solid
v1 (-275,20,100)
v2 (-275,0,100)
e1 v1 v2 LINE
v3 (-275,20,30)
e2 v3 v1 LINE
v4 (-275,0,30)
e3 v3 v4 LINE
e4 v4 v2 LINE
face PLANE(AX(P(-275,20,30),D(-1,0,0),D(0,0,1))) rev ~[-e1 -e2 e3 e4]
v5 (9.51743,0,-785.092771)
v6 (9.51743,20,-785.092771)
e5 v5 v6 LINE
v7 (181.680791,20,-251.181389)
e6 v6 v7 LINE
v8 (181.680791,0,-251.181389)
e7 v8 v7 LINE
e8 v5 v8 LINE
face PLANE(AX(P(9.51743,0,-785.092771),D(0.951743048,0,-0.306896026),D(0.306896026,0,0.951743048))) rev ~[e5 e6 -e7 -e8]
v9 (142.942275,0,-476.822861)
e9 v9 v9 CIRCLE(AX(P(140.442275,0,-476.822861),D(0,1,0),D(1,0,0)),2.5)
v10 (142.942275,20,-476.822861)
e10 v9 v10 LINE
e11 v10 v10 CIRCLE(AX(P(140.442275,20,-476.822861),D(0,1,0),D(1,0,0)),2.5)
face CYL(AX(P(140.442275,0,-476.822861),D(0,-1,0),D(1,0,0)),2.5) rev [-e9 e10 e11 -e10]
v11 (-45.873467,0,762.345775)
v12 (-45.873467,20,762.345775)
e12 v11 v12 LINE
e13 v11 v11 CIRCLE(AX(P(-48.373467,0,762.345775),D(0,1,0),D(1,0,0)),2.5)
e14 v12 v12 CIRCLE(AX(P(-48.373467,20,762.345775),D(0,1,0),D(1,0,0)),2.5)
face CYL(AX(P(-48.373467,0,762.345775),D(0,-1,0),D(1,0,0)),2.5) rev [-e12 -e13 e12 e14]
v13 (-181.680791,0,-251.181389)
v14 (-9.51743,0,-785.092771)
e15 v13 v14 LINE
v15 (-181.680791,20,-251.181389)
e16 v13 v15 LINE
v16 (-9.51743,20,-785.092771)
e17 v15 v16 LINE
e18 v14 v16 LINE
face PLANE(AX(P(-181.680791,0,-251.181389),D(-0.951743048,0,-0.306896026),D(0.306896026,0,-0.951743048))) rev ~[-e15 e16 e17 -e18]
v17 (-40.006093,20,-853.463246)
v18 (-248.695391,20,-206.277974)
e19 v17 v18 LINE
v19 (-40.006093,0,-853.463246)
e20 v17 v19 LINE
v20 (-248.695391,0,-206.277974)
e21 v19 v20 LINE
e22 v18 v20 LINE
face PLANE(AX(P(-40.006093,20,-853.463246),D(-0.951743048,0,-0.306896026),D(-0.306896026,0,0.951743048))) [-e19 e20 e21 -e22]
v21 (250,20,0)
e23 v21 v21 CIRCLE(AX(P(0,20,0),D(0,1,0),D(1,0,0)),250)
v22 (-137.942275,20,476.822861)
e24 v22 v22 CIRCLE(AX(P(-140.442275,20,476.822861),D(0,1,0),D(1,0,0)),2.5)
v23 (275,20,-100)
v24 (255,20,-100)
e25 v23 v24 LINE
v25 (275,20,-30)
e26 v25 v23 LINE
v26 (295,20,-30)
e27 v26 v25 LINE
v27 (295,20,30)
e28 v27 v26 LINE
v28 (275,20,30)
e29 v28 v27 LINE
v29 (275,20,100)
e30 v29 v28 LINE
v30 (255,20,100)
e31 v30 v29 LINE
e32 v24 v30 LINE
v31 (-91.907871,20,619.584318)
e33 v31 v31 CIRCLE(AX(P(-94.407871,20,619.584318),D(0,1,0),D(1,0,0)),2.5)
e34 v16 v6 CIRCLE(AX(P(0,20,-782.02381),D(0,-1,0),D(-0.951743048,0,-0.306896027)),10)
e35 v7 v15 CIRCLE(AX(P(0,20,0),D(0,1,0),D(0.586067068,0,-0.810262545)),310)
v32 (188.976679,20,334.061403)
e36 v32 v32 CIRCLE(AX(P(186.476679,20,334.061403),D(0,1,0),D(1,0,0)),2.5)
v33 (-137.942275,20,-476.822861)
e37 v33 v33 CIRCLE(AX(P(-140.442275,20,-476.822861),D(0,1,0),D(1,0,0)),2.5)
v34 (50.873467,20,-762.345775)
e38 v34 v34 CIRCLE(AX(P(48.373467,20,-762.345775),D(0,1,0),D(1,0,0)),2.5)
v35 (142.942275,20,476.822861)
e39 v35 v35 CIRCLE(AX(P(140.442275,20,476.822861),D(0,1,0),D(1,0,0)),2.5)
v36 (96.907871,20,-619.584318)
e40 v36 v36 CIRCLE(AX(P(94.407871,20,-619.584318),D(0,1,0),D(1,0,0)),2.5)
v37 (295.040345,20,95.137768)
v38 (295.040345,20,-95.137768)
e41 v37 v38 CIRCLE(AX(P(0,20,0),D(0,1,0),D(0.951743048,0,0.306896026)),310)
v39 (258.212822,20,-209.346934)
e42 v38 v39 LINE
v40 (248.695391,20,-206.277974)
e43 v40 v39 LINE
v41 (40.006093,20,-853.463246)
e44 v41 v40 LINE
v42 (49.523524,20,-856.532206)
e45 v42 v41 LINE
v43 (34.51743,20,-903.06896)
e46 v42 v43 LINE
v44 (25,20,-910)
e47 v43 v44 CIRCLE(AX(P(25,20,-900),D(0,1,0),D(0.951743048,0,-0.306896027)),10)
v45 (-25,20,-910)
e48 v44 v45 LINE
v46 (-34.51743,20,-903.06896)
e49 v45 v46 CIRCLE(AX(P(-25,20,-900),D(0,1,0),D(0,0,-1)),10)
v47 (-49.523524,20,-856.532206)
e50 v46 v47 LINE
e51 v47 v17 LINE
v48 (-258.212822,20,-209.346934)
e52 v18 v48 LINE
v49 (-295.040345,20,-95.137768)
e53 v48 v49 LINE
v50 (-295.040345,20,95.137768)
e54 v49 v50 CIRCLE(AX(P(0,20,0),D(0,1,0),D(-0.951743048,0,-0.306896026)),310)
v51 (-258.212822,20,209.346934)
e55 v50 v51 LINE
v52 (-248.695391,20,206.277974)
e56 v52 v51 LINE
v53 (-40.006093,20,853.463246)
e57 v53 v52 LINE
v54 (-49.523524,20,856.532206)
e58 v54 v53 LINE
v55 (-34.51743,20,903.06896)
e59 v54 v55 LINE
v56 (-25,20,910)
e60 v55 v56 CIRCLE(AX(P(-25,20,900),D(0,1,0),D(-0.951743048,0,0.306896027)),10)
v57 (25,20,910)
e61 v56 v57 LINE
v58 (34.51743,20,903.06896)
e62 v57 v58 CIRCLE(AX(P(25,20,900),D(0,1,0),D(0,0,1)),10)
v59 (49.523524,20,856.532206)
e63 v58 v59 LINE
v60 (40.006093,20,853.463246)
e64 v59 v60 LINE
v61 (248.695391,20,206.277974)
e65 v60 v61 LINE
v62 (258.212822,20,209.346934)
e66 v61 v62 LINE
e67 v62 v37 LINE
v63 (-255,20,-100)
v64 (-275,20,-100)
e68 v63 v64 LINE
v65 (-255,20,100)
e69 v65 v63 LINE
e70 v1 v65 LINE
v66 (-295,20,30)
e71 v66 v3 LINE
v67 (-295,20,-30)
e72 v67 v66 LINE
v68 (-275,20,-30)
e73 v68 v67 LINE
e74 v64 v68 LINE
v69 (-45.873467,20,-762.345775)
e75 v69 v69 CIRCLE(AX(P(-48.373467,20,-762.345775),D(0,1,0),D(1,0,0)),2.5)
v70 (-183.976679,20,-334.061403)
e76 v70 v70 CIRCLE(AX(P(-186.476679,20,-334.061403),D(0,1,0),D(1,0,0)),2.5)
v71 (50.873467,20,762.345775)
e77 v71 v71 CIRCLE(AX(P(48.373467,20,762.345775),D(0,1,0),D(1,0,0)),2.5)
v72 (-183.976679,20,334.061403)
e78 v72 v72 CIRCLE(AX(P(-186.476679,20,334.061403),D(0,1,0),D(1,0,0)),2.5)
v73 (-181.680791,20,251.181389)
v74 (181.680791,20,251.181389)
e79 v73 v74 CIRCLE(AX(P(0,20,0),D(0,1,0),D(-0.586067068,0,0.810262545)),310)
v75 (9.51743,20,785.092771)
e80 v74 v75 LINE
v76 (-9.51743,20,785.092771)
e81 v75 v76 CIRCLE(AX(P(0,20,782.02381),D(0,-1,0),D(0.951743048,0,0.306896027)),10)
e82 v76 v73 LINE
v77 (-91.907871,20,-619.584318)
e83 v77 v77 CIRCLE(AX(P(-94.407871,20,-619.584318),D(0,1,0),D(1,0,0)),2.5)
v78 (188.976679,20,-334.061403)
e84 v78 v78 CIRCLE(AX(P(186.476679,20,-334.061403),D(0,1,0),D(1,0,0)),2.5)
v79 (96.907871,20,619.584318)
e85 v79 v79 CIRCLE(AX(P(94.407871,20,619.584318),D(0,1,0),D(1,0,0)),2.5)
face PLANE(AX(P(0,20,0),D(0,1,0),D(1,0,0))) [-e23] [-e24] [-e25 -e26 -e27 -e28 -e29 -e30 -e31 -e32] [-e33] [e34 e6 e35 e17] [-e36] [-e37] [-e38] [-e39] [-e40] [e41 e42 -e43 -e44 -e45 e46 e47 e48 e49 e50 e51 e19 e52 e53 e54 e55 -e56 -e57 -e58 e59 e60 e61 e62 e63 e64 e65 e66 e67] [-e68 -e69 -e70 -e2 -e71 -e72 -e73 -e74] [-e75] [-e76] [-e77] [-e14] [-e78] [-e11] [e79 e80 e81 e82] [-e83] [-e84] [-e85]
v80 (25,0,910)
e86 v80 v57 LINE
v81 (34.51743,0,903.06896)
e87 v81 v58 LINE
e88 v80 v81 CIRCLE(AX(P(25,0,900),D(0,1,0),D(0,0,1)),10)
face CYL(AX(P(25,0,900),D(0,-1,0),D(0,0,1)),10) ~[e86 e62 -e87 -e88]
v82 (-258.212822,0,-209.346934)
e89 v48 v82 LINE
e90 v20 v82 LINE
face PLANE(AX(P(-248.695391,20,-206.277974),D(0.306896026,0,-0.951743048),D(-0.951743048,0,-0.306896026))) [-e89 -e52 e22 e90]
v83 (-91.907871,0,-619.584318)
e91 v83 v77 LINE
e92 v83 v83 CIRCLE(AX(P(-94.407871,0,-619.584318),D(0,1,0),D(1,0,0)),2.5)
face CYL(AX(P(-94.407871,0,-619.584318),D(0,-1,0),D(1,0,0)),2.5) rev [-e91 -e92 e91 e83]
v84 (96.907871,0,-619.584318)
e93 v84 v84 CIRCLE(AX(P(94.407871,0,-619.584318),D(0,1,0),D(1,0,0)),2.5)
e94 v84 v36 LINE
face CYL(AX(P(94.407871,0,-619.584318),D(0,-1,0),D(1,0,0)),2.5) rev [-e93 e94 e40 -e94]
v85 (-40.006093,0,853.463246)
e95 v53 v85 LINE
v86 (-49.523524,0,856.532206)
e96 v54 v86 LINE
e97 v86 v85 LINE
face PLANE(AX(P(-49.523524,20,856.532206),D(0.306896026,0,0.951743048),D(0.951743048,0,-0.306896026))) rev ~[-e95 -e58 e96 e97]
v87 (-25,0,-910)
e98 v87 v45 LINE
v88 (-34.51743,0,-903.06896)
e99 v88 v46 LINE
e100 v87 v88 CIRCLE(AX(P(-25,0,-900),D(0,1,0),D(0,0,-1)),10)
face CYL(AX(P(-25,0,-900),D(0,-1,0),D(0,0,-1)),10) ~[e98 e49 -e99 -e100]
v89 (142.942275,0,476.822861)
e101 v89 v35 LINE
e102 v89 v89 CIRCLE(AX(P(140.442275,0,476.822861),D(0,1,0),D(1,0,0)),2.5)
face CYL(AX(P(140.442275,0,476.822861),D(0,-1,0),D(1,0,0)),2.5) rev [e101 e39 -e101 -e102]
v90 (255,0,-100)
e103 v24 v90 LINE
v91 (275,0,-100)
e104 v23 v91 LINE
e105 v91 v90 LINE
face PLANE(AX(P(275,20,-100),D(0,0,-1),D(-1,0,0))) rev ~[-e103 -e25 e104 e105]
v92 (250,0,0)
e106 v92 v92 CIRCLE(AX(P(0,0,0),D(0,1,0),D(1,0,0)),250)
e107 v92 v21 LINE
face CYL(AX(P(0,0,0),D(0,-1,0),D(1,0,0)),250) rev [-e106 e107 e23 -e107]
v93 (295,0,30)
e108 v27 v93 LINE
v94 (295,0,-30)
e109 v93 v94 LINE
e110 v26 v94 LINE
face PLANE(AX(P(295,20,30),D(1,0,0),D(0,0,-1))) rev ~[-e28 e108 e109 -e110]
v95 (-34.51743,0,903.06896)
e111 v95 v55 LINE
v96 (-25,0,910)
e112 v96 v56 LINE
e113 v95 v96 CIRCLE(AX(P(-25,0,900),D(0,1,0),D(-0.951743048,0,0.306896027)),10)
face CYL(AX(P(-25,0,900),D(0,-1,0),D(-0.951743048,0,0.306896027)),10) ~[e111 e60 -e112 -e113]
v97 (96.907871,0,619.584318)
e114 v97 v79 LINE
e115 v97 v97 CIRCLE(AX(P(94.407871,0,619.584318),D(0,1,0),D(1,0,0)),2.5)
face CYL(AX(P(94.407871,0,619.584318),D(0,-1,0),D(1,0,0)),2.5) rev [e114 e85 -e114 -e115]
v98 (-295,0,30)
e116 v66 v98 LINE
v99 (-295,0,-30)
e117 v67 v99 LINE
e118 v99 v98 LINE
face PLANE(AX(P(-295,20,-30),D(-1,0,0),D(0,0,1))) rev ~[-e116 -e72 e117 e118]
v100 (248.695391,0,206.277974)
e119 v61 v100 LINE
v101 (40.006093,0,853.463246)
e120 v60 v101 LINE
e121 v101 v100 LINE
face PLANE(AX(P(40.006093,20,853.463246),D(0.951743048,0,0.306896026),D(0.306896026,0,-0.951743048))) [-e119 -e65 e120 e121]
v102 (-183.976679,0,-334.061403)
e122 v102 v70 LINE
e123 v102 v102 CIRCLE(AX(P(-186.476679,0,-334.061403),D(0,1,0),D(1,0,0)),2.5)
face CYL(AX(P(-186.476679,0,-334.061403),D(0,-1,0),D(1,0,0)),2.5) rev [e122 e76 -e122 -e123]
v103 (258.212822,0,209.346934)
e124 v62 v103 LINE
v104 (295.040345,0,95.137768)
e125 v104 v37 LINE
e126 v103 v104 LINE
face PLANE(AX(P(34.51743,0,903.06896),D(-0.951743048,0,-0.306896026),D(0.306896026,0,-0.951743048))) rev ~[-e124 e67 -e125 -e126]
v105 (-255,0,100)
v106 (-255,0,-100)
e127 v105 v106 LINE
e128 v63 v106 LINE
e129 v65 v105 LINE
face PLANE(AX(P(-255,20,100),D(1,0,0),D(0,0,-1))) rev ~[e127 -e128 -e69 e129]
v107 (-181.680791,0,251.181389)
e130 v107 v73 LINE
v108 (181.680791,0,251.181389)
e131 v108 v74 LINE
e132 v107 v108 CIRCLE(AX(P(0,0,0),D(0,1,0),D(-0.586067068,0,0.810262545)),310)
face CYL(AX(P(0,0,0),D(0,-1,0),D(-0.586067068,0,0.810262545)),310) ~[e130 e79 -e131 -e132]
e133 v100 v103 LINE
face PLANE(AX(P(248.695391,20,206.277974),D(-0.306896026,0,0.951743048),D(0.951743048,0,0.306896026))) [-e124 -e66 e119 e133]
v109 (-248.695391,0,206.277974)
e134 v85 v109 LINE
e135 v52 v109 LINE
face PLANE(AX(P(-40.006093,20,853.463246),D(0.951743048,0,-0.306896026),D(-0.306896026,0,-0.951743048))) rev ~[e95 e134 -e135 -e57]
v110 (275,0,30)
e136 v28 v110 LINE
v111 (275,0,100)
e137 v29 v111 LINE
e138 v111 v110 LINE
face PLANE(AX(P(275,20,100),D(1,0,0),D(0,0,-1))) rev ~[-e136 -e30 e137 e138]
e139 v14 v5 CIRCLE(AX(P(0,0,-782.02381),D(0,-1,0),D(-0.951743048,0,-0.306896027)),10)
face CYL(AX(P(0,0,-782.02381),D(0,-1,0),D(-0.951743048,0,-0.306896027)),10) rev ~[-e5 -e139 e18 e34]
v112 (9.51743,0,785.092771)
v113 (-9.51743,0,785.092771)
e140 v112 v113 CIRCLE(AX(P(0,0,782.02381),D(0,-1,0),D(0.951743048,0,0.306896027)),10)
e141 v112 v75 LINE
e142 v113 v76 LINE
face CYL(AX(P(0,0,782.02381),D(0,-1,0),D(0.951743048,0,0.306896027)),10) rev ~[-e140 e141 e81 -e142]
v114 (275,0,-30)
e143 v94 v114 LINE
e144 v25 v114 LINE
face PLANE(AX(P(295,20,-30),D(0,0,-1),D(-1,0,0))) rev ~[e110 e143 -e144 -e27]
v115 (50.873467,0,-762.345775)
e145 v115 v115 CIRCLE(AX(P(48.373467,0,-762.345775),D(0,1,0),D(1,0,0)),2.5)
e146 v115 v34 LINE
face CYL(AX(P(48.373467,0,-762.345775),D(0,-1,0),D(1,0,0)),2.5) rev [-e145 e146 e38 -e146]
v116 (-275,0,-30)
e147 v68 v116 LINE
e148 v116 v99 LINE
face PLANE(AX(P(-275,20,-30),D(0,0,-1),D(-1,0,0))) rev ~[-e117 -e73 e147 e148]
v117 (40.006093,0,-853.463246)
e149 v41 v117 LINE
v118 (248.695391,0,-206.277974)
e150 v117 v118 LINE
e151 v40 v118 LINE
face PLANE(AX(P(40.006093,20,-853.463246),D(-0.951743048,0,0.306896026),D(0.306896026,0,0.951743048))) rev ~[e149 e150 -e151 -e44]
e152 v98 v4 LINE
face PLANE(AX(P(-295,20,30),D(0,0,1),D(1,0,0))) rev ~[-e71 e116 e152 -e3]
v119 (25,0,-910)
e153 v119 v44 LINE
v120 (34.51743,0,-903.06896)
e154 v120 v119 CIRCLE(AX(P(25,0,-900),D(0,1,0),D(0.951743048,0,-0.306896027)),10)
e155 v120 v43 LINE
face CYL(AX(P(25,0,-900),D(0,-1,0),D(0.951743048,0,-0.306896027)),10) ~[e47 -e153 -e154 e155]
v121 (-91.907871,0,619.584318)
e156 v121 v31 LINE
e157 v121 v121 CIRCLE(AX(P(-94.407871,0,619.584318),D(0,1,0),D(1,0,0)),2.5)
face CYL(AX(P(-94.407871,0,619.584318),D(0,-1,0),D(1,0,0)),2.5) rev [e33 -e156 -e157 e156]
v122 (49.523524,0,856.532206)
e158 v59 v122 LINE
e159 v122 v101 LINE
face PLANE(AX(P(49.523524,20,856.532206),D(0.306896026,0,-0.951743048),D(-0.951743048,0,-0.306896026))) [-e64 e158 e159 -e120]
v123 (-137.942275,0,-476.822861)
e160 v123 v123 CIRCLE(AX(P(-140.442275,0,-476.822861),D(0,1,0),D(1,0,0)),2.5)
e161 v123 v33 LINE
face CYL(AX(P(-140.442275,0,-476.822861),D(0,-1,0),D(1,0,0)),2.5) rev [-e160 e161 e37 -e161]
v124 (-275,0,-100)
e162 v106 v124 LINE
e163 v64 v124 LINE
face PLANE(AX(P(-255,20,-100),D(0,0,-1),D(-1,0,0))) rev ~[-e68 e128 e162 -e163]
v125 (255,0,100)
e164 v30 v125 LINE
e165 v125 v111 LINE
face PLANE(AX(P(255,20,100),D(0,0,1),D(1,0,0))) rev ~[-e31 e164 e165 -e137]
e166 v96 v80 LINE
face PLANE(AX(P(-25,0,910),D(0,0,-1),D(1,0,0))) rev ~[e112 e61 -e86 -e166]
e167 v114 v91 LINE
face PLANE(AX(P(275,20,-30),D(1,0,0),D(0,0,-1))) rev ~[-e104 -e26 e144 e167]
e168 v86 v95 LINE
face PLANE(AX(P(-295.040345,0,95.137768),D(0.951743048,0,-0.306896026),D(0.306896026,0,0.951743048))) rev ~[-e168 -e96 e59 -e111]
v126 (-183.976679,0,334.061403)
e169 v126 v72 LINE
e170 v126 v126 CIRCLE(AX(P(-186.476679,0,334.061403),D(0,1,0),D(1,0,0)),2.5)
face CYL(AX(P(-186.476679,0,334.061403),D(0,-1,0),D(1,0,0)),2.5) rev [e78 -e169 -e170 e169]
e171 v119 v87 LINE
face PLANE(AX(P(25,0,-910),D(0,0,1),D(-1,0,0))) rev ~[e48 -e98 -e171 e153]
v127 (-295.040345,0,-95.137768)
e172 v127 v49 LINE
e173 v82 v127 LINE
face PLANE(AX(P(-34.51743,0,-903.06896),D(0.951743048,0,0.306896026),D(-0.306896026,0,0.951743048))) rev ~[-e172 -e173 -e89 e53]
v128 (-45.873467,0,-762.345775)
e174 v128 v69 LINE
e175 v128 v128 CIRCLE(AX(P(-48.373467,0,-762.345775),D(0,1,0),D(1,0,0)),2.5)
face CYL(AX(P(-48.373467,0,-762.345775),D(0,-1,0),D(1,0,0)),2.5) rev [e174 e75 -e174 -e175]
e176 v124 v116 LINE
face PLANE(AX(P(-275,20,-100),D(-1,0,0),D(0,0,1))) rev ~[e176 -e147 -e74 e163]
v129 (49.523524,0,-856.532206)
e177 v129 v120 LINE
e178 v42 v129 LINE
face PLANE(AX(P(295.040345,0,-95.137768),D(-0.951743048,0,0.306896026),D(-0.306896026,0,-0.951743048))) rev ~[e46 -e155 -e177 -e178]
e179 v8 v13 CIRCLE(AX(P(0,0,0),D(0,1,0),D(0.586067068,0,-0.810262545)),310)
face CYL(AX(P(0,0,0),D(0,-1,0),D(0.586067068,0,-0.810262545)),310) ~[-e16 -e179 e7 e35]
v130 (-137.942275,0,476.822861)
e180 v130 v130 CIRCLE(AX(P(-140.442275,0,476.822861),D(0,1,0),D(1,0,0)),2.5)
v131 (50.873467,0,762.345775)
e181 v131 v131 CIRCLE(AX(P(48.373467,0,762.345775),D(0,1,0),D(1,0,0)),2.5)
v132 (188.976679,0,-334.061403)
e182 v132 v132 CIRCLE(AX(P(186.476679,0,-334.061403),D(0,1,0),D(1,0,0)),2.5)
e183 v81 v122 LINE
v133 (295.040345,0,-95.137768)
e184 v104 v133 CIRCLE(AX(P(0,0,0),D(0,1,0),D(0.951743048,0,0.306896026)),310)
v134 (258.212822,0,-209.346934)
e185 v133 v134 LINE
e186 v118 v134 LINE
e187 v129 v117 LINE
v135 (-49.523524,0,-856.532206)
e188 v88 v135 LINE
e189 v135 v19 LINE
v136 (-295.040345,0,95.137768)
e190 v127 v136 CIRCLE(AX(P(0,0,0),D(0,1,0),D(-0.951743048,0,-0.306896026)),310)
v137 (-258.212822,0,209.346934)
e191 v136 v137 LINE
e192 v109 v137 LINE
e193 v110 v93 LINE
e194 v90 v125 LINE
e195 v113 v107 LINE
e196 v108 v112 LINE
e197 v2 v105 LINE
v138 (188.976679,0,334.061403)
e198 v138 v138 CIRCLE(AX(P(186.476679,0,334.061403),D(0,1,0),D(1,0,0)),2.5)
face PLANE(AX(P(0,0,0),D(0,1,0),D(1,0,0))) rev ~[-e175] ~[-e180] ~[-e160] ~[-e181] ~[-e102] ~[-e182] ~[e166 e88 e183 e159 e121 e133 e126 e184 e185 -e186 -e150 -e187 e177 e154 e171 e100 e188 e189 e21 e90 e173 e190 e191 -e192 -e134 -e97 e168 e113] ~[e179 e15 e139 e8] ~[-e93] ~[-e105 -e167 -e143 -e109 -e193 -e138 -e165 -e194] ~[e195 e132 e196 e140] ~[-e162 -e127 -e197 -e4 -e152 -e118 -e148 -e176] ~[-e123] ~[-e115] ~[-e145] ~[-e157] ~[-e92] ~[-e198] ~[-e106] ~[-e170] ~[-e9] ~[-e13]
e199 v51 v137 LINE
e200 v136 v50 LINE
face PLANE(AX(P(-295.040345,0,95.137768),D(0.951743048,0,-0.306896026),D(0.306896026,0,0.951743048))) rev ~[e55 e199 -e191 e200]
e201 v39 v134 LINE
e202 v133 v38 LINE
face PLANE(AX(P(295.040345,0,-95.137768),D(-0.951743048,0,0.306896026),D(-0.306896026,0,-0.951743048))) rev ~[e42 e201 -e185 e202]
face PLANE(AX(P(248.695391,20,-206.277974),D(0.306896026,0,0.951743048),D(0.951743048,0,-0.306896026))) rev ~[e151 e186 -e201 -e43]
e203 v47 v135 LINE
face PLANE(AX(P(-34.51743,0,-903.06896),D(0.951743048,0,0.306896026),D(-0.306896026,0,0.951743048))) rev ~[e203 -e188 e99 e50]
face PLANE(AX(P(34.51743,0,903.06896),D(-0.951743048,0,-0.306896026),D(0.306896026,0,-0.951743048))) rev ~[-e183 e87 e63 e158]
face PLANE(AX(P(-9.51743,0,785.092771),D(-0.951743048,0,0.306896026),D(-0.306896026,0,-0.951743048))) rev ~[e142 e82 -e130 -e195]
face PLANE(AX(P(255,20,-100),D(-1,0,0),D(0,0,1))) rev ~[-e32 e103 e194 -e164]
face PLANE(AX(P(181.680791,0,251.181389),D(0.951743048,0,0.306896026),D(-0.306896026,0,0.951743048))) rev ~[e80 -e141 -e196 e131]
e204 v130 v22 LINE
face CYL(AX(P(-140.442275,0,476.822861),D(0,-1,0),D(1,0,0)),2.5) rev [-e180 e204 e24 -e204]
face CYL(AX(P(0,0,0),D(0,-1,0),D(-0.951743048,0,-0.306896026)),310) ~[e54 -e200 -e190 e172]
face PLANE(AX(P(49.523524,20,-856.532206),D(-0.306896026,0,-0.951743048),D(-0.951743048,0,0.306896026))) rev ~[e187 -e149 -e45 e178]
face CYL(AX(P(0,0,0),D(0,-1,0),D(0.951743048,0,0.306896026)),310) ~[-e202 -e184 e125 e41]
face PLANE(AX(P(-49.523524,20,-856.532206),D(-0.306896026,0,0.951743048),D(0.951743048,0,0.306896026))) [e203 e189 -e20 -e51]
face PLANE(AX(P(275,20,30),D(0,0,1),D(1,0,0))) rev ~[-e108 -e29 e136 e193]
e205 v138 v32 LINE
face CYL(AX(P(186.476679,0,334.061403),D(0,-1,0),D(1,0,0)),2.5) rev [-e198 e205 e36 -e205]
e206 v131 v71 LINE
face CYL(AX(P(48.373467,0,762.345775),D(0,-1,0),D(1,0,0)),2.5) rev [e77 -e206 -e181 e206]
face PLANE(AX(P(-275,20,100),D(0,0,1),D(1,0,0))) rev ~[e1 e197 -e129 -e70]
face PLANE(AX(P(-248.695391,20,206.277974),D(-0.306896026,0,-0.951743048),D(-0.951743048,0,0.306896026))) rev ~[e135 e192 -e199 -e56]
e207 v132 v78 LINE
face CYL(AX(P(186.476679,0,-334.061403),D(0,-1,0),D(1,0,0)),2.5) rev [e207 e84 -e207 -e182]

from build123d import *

# Parameters (mm, degrees)
SKETCH2_R           = 2.5
SKETCH2_R_2         = 250
BOSS_EXTRUDE1_DEPTH = 20
CUT_EXTRUDE4_DEPTH  = 21
CUT_EXTRUDE5_DEPTH  = 21


with BuildPart() as part:
    # Sketch2 → Boss-Extrude1 (new body)
    with BuildSketch(Plane(origin=(0, 0, 0), x_dir=(1, 0, 0), z_dir=(0, 1, 0))):
        with BuildLine():
            Line((-34.517430478, 903.068960265), (-295.040344804, 95.1377682))
            ThreePointArc((-295.040344804, 95.1377682), (-310, 0), (-295.040344804, -95.1377682))
            Line((-295.040344804, -95.1377682), (-34.517430478, -903.068960265))
            ThreePointArc((-34.517430478, -903.068960265), (-30.886866626, -908.083613135), (-25, -910))
            Line((-25, -910), (25, -910))
            ThreePointArc((25, -910), (30.886866626, -908.083613135), (34.517430478, -903.068960265))
            Line((34.517430478, -903.068960265), (295.040344804, -95.1377682))
            ThreePointArc((295.040344804, -95.1377682), (310, 0), (295.040344804, 95.1377682))
            Line((295.040344804, 95.1377682), (34.517430478, 903.068960265))
            ThreePointArc((34.517430478, 903.068960265), (30.886866626, 908.083613135), (25, 910))
            Line((25, 910), (-25, 910))
            ThreePointArc((-25, 910), (-30.886866626, 908.083613135), (-34.517430478, 903.068960265))
        make_face()
        with Locations((-48.373467006, -762.345774842)):
            Circle(SKETCH2_R, mode=Mode.SUBTRACT)
        with Locations((-94.407870974, -619.584317679)):
            Circle(SKETCH2_R, mode=Mode.SUBTRACT)
        with Locations((-140.442274942, -476.822860516)):
            Circle(SKETCH2_R, mode=Mode.SUBTRACT)
        with BuildLine():
            ThreePointArc((-181.680791071, -251.181388952), (0, -310), (181.680791071, -251.181388952))
            Line((181.680791071, -251.181388952), (9.517430478, -785.092770658))
            ThreePointArc((9.517430478, -785.092770658), (0, -792.023810393), (-9.517430478, -785.092770658))
            Line((-9.517430478, -785.092770658), (-181.680791071, -251.181388952))
        make_face(mode=Mode.SUBTRACT)
        with Locations((-186.476678909, -334.061403353)):
            Circle(SKETCH2_R, mode=Mode.SUBTRACT)
        with Locations((48.373467006, -762.345774842)):
            Circle(SKETCH2_R, mode=Mode.SUBTRACT)
        with Locations((94.407870974, -619.584317679)):
            Circle(SKETCH2_R, mode=Mode.SUBTRACT)
        with Locations((140.442274942, -476.822860516)):
            Circle(SKETCH2_R, mode=Mode.SUBTRACT)
        with Locations((186.476678909, -334.061403353)):
            Circle(SKETCH2_R, mode=Mode.SUBTRACT)
        with Locations((-186.476678909, 334.061403353)):
            Circle(SKETCH2_R, mode=Mode.SUBTRACT)
        with Locations((-140.442274942, 476.822860516)):
            Circle(SKETCH2_R, mode=Mode.SUBTRACT)
        with Locations((-94.407870974, 619.584317679)):
            Circle(SKETCH2_R, mode=Mode.SUBTRACT)
        with BuildLine():
            ThreePointArc((181.680791071, 251.181388952), (0, 310), (-181.680791071, 251.181388952))
            Line((-181.680791071, 251.181388952), (-9.517430478, 785.092770658))
            ThreePointArc((-9.517430478, 785.092770658), (0, 792.023810393), (9.517430478, 785.092770658))
            Line((9.517430478, 785.092770658), (181.680791071, 251.181388952))
        make_face(mode=Mode.SUBTRACT)
        with Locations((-48.373467006, 762.345774842)):
            Circle(SKETCH2_R, mode=Mode.SUBTRACT)
        Circle(SKETCH2_R_2, mode=Mode.SUBTRACT)
        with Locations((186.476678909, 334.061403353)):
            Circle(SKETCH2_R, mode=Mode.SUBTRACT)
        with Locations((140.442274942, 476.822860516)):
            Circle(SKETCH2_R, mode=Mode.SUBTRACT)
        with Locations((94.407870974, 619.584317679)):
            Circle(SKETCH2_R, mode=Mode.SUBTRACT)
        with Locations((48.373467006, 762.345774842)):
            Circle(SKETCH2_R, mode=Mode.SUBTRACT)
    extrude(amount=BOSS_EXTRUDE1_DEPTH)

    # Sketch3 → Cut-Extrude4 (cut, through all)
    with BuildSketch(Plane(origin=(0, 20, 0), x_dir=(1, 0, 0), z_dir=(0, 1, 0))):
        Polygon((-49.523523643, -856.532206403), (-40.006093165, -853.463246139), (-248.695391152, -206.277973666), (-258.21282163, -209.34693393), align=None)
        Polygon((-49.523523643, 856.532206403), (-40.006093165, 853.463246139), (-248.695391152, 206.277973666), (-258.21282163, 209.34693393), align=None)
        Polygon((49.523523643, 856.532206403), (40.006093165, 853.463246139), (248.695391152, 206.277973666), (258.21282163, 209.34693393), align=None)
        Polygon((49.523523643, -856.532206403), (40.006093165, -853.463246139), (248.695391152, -206.277973666), (258.21282163, -209.34693393), align=None)
    extrude(amount=-CUT_EXTRUDE4_DEPTH, mode=Mode.SUBTRACT)

    # Sketch4 → Cut-Extrude5 (cut, through all)
    with BuildSketch(Plane(origin=(0, 20, 0), x_dir=(1, 0, 0), z_dir=(0, 1, 0))):
        Polygon((-255, -100), (-255, 100), (-275, 100), (-275, 30), (-295, 30), (-295, -30), (-275, -30), (-275, -100), align=None)
        Polygon((255, -100), (275, -100), (275, -30), (295, -30), (295, 30), (275, 30), (275, 100), (255, 100), align=None)
    extrude(amount=-CUT_EXTRUDE5_DEPTH, mode=Mode.SUBTRACT)


solid = part.part
